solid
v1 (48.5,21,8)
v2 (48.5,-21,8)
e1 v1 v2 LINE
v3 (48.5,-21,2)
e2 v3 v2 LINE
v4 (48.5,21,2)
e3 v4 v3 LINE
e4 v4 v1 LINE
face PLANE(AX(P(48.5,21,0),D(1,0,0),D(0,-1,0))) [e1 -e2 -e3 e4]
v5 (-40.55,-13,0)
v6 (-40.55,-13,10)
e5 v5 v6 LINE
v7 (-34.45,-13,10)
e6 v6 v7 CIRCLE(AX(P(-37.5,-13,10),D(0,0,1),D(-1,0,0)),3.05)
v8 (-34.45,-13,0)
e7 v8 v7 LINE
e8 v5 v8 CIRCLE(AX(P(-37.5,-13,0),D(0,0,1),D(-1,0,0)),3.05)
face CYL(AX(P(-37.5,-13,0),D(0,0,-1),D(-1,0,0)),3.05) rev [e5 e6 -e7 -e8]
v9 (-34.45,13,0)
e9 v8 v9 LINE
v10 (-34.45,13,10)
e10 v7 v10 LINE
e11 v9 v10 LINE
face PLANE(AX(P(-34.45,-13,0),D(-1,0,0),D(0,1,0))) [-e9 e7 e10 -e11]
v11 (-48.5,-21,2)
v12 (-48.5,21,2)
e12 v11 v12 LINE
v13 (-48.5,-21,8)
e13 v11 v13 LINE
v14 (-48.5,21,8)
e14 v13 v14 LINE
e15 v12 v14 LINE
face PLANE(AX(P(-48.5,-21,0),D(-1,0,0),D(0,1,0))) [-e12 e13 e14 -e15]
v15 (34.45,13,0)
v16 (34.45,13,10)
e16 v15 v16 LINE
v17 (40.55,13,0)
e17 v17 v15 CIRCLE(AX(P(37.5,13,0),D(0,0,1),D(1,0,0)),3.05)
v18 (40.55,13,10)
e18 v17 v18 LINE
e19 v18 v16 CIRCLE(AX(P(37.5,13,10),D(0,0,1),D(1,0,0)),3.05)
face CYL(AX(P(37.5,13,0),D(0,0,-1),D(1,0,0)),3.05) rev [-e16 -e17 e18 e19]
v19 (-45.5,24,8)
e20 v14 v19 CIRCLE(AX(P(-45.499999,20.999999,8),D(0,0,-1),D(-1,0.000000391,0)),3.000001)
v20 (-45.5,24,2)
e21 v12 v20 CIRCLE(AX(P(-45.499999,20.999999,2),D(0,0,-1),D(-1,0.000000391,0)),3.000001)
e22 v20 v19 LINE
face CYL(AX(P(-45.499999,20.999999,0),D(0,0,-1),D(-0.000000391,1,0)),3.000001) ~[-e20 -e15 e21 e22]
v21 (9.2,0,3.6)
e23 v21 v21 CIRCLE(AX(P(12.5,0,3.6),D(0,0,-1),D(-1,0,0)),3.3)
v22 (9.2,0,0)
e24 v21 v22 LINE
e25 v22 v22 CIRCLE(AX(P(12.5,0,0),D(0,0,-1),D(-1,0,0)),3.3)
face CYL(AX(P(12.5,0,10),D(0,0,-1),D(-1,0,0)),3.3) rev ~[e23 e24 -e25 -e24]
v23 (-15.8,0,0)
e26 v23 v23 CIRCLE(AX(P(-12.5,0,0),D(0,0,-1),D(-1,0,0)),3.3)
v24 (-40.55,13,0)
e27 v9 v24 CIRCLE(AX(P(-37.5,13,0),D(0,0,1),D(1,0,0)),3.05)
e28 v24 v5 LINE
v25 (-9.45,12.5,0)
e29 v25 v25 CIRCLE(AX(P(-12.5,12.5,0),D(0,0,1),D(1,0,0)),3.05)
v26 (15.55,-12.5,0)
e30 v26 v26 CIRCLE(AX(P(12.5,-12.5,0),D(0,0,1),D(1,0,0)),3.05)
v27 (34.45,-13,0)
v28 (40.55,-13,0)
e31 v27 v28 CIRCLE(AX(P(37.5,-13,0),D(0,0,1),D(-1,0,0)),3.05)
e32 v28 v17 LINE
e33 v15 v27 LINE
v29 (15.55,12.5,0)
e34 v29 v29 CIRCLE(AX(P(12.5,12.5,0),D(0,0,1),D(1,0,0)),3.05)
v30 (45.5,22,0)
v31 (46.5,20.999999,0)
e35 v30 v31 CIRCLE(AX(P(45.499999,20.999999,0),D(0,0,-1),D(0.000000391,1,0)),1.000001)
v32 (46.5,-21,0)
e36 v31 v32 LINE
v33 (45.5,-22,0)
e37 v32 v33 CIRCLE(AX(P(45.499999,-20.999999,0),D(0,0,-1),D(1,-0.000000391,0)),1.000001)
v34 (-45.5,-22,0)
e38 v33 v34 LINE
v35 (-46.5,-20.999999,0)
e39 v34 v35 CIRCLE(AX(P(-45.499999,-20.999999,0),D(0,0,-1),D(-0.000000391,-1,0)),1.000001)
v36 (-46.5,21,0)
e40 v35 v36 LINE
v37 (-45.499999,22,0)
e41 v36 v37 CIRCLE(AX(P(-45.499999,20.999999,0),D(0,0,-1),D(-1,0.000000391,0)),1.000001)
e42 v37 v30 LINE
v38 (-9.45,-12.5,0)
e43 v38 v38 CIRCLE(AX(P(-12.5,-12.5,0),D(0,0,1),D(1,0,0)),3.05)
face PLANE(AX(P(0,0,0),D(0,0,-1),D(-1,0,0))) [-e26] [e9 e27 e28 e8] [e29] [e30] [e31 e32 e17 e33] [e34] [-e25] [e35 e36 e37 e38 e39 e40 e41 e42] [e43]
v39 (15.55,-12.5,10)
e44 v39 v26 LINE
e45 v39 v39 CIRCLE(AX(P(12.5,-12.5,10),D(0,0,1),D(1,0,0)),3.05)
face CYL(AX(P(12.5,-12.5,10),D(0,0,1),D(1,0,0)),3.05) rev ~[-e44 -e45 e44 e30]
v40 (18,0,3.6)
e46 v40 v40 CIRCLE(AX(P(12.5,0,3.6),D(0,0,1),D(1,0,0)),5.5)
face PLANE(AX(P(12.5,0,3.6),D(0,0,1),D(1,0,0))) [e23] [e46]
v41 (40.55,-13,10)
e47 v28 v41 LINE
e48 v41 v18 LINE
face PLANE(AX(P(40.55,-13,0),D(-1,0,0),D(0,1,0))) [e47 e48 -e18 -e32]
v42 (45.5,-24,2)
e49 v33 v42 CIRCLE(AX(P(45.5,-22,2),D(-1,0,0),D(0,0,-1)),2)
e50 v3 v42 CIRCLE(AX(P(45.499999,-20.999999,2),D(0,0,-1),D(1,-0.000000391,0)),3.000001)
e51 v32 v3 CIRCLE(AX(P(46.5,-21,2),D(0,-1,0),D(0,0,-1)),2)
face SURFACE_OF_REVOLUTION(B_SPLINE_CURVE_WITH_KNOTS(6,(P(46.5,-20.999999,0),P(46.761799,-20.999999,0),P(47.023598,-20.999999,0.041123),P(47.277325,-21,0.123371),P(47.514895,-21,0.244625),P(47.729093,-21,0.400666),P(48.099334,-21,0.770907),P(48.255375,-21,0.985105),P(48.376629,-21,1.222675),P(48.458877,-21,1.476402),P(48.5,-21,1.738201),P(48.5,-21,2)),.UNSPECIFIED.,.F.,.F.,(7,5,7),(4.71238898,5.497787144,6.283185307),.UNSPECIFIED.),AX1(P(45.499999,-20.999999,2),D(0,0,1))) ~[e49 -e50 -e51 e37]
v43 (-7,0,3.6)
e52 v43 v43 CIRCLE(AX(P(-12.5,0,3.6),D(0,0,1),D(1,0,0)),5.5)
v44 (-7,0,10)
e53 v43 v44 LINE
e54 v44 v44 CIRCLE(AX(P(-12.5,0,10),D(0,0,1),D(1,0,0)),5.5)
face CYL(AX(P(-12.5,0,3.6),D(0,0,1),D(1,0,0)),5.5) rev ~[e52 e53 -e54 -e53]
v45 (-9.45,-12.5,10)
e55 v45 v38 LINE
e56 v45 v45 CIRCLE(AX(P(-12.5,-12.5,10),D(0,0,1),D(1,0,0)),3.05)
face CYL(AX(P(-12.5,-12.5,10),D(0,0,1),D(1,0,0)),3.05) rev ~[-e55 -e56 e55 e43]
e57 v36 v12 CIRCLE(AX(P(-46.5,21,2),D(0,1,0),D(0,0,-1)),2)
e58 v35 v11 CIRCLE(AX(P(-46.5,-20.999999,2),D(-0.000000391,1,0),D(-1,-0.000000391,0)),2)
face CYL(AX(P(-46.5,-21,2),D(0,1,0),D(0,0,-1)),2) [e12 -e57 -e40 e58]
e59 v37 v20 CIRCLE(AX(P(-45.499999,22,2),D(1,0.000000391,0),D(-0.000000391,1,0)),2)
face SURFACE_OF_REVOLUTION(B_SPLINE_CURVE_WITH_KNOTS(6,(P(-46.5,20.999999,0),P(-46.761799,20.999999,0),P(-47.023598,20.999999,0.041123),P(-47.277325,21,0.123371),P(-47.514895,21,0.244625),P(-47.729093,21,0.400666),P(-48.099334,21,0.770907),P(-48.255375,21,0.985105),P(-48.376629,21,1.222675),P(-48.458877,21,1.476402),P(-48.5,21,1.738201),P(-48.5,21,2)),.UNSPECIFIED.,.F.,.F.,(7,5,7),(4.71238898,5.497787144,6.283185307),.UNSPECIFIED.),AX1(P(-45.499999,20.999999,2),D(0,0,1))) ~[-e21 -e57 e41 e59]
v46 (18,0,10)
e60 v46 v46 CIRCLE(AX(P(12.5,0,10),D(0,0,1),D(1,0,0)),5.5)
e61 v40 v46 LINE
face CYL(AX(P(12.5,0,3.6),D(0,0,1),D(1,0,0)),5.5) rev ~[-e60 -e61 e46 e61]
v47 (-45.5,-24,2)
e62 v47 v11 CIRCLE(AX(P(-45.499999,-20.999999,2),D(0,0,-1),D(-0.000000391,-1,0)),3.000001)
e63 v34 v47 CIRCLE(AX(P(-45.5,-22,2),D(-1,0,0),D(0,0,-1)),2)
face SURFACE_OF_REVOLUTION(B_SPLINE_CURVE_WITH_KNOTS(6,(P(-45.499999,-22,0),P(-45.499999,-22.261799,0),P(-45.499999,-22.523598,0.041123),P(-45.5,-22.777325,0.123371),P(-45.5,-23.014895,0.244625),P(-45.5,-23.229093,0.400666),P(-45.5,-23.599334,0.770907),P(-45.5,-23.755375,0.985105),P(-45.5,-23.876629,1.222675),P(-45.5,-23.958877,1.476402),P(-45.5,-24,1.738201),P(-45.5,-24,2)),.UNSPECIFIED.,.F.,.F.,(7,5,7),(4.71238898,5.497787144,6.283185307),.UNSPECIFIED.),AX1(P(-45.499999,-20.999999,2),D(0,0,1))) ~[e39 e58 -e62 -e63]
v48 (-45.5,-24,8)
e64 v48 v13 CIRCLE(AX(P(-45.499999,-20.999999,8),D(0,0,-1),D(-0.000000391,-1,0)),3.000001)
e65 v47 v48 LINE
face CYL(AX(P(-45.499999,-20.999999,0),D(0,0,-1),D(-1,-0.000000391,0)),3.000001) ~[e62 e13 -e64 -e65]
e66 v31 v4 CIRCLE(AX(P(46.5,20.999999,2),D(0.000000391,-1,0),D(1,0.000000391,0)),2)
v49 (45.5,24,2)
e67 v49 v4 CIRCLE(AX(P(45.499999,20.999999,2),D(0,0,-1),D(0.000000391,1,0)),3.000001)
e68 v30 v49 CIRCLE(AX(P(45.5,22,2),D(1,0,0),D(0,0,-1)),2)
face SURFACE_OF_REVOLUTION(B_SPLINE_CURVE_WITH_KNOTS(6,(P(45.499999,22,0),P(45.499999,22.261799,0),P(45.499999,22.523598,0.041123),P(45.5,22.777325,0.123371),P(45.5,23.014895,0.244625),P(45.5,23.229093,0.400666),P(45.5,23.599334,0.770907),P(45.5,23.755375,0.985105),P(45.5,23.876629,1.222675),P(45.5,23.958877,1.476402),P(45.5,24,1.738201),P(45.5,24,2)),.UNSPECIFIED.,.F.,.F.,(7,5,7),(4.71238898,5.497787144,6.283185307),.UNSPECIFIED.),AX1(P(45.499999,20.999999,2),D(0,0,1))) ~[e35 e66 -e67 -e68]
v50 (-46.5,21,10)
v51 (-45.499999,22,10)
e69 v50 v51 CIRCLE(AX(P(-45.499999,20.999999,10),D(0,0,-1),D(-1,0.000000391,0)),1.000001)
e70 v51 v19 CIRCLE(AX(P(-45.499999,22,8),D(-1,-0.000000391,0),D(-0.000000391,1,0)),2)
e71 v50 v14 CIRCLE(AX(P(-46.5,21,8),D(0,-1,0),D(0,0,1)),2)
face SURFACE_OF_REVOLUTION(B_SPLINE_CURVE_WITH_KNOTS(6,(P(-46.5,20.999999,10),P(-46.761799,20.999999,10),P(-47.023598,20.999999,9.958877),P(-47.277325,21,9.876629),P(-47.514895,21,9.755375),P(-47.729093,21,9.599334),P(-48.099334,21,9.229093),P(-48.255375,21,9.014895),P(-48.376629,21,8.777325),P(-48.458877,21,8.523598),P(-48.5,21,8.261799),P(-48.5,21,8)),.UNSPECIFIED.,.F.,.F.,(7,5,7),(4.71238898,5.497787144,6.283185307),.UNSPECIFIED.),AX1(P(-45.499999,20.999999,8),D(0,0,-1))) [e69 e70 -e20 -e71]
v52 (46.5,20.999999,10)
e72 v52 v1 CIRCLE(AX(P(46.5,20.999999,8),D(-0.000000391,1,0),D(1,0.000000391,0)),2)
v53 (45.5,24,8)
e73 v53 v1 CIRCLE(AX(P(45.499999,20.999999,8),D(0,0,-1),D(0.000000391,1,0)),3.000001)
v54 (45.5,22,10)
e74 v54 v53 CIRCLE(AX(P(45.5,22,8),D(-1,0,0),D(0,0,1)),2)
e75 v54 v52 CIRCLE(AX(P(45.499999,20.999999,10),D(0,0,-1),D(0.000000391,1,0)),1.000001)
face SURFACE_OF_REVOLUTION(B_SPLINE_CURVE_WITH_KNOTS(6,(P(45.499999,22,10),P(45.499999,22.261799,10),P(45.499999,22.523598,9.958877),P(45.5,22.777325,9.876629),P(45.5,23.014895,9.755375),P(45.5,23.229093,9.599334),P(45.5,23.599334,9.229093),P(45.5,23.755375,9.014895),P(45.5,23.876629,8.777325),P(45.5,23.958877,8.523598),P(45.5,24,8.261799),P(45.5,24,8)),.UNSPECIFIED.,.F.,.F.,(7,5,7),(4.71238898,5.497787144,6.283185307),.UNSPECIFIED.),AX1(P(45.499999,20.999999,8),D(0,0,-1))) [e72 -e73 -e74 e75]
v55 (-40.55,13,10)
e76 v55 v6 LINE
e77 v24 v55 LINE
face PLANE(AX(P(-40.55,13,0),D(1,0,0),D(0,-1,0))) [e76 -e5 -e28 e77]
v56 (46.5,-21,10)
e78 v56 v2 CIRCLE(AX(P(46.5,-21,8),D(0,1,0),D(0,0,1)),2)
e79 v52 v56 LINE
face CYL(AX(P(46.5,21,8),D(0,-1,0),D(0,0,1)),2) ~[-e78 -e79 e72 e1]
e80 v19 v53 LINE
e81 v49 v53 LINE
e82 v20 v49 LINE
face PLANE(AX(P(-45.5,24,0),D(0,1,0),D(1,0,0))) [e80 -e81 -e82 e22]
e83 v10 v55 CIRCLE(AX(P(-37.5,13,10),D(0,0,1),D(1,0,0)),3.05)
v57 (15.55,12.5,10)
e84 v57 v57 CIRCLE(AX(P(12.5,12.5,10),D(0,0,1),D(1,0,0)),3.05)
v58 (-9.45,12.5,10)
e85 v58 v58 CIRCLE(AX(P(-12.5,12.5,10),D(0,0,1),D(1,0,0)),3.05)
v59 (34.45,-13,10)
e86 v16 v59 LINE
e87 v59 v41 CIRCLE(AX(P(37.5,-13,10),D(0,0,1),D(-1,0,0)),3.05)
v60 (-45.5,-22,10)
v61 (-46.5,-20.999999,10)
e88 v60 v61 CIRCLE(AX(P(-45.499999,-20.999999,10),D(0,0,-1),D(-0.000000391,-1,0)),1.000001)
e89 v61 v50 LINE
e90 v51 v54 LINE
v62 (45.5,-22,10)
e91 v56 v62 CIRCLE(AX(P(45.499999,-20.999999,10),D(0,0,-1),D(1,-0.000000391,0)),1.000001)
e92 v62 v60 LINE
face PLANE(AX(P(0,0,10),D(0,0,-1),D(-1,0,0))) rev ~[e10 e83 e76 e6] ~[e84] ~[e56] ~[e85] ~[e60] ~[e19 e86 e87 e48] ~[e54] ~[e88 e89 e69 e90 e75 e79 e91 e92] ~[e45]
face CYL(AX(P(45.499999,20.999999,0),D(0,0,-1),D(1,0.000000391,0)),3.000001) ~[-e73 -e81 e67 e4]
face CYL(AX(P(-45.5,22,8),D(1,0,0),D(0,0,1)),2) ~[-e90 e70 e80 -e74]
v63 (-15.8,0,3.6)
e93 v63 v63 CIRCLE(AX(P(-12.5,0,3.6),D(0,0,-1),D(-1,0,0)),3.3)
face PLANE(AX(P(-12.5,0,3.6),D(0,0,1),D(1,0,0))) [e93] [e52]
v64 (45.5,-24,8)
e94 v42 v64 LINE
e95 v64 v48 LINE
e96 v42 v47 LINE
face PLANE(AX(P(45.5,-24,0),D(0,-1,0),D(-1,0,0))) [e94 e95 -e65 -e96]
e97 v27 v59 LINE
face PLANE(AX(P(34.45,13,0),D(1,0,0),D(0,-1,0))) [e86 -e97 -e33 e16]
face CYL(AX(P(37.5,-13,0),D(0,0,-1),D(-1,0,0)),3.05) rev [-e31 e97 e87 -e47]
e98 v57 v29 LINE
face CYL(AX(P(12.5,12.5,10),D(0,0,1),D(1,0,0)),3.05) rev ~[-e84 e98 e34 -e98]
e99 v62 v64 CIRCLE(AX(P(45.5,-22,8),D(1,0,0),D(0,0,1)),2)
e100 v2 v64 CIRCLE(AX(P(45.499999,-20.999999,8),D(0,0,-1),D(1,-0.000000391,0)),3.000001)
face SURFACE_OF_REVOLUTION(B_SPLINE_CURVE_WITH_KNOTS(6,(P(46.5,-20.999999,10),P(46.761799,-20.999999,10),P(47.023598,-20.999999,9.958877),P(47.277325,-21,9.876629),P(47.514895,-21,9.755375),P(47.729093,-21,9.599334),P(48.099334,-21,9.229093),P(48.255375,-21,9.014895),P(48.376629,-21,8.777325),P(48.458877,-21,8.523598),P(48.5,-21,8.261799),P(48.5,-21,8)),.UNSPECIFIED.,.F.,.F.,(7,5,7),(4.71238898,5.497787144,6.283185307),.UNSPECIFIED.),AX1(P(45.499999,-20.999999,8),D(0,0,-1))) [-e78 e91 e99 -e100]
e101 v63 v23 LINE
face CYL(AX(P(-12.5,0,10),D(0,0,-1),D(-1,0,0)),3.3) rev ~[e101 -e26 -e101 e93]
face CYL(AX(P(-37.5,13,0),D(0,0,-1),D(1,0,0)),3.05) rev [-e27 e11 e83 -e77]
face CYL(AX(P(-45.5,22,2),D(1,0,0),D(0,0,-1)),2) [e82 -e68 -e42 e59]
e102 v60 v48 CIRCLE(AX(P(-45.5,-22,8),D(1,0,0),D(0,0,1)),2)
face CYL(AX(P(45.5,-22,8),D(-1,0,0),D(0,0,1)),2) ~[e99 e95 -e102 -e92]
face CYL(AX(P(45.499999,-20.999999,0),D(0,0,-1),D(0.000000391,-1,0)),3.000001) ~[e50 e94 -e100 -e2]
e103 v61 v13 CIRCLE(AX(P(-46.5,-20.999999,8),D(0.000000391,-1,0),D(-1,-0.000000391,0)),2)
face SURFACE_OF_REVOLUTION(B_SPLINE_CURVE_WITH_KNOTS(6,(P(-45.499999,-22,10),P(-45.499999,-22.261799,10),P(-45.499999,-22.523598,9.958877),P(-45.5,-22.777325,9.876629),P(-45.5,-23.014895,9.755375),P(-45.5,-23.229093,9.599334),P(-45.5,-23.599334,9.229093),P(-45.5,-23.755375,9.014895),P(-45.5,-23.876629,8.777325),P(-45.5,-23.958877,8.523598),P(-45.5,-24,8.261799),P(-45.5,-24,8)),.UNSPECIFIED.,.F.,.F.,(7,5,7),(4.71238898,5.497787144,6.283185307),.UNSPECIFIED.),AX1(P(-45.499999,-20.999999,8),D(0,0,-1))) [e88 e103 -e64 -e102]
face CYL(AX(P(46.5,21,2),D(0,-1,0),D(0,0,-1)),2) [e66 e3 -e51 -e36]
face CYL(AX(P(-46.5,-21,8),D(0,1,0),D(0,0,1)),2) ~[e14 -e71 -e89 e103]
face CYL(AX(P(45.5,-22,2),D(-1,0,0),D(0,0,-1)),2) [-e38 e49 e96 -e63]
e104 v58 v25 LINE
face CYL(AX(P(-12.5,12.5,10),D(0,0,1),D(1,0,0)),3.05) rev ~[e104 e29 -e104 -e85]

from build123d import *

# Parameters (mm, degrees)
PAD_DEPTH        = 10
SKETCH001_R      = 3.05
POCKET_DEPTH     = 10.001
FILLET_R         = 2
FILLET001_R      = 2
HOLE_D           = 6.6
HOLE_DEPTH       = 25
HOLE_CBORE_D     = 11
HOLE_CBORE_DEPTH = 6.4


with BuildPart() as part:
    # Sketch → Pad (new body)
    with BuildSketch(Plane.XY):
        with BuildLine():
            Line((-45.5, 24), (45.5, 24))
            ThreePointArc((48.5, 21), (47.62132, 23.12132), (45.5, 24))
            Line((48.5, 21), (48.5, -21))
            ThreePointArc((45.5, -24), (47.62132, -23.12132), (48.5, -21))
            Line((45.5, -24), (-45.5, -24))
            ThreePointArc((-48.5, -21), (-47.62132, -23.12132), (-45.5, -24))
            Line((-48.5, -21), (-48.5, 21))
            ThreePointArc((-45.5, 24), (-47.62132, 23.12132), (-48.5, 21))
        make_face()
        with BuildLine():
            ThreePointArc((40.55, 13), (37.5, 16.05), (34.45, 13))
            Line((34.45, 13), (34.45, -13))
            ThreePointArc((34.45, -13), (37.5, -16.05), (40.55, -13))
            Line((40.55, -13), (40.55, 13))
        make_face(mode=Mode.SUBTRACT)
        with BuildLine():
            ThreePointArc((-34.45, 13), (-37.5, 16.05), (-40.55, 13))
            Line((-40.55, 13), (-40.55, -13))
            ThreePointArc((-40.55, -13), (-37.5, -16.05), (-34.45, -13))
            Line((-34.45, -13), (-34.45, 13))
        make_face(mode=Mode.SUBTRACT)
    extrude(amount=PAD_DEPTH)

    # Sketch001 (on Face18 of Pad) → Pocket (cut, through all)
    with BuildSketch(Plane.XY.offset(10)):
        with Locations((-12.5, 12.5)):
            Circle(SKETCH001_R)
        with Locations((12.5, 12.5)):
            Circle(SKETCH001_R)
        with Locations((-12.5, -12.5)):
            Circle(SKETCH001_R)
        with Locations((12.5, -12.5)):
            Circle(SKETCH001_R)
    extrude(amount=-POCKET_DEPTH, mode=Mode.SUBTRACT)

    # Fillet
    fillet_edges = [part.edges().sort_by_distance(p)[0] for p in [
        (0, -24, 10),
    ]]
    fillet(fillet_edges, radius=FILLET_R)

    # Fillet001
    fillet001_edges = [part.edges().sort_by_distance(p)[0] for p in [
        (0, -24, 0),
    ]]
    fillet(fillet001_edges, radius=FILLET001_R)

    # Hole
    with Locations(Plane.XY.offset(10)):
        with Locations((12.5, 0), (-12.5, 0)):
            CounterBoreHole(HOLE_D / 2, HOLE_CBORE_D / 2, HOLE_CBORE_DEPTH, depth=HOLE_DEPTH)


solid = part.part
